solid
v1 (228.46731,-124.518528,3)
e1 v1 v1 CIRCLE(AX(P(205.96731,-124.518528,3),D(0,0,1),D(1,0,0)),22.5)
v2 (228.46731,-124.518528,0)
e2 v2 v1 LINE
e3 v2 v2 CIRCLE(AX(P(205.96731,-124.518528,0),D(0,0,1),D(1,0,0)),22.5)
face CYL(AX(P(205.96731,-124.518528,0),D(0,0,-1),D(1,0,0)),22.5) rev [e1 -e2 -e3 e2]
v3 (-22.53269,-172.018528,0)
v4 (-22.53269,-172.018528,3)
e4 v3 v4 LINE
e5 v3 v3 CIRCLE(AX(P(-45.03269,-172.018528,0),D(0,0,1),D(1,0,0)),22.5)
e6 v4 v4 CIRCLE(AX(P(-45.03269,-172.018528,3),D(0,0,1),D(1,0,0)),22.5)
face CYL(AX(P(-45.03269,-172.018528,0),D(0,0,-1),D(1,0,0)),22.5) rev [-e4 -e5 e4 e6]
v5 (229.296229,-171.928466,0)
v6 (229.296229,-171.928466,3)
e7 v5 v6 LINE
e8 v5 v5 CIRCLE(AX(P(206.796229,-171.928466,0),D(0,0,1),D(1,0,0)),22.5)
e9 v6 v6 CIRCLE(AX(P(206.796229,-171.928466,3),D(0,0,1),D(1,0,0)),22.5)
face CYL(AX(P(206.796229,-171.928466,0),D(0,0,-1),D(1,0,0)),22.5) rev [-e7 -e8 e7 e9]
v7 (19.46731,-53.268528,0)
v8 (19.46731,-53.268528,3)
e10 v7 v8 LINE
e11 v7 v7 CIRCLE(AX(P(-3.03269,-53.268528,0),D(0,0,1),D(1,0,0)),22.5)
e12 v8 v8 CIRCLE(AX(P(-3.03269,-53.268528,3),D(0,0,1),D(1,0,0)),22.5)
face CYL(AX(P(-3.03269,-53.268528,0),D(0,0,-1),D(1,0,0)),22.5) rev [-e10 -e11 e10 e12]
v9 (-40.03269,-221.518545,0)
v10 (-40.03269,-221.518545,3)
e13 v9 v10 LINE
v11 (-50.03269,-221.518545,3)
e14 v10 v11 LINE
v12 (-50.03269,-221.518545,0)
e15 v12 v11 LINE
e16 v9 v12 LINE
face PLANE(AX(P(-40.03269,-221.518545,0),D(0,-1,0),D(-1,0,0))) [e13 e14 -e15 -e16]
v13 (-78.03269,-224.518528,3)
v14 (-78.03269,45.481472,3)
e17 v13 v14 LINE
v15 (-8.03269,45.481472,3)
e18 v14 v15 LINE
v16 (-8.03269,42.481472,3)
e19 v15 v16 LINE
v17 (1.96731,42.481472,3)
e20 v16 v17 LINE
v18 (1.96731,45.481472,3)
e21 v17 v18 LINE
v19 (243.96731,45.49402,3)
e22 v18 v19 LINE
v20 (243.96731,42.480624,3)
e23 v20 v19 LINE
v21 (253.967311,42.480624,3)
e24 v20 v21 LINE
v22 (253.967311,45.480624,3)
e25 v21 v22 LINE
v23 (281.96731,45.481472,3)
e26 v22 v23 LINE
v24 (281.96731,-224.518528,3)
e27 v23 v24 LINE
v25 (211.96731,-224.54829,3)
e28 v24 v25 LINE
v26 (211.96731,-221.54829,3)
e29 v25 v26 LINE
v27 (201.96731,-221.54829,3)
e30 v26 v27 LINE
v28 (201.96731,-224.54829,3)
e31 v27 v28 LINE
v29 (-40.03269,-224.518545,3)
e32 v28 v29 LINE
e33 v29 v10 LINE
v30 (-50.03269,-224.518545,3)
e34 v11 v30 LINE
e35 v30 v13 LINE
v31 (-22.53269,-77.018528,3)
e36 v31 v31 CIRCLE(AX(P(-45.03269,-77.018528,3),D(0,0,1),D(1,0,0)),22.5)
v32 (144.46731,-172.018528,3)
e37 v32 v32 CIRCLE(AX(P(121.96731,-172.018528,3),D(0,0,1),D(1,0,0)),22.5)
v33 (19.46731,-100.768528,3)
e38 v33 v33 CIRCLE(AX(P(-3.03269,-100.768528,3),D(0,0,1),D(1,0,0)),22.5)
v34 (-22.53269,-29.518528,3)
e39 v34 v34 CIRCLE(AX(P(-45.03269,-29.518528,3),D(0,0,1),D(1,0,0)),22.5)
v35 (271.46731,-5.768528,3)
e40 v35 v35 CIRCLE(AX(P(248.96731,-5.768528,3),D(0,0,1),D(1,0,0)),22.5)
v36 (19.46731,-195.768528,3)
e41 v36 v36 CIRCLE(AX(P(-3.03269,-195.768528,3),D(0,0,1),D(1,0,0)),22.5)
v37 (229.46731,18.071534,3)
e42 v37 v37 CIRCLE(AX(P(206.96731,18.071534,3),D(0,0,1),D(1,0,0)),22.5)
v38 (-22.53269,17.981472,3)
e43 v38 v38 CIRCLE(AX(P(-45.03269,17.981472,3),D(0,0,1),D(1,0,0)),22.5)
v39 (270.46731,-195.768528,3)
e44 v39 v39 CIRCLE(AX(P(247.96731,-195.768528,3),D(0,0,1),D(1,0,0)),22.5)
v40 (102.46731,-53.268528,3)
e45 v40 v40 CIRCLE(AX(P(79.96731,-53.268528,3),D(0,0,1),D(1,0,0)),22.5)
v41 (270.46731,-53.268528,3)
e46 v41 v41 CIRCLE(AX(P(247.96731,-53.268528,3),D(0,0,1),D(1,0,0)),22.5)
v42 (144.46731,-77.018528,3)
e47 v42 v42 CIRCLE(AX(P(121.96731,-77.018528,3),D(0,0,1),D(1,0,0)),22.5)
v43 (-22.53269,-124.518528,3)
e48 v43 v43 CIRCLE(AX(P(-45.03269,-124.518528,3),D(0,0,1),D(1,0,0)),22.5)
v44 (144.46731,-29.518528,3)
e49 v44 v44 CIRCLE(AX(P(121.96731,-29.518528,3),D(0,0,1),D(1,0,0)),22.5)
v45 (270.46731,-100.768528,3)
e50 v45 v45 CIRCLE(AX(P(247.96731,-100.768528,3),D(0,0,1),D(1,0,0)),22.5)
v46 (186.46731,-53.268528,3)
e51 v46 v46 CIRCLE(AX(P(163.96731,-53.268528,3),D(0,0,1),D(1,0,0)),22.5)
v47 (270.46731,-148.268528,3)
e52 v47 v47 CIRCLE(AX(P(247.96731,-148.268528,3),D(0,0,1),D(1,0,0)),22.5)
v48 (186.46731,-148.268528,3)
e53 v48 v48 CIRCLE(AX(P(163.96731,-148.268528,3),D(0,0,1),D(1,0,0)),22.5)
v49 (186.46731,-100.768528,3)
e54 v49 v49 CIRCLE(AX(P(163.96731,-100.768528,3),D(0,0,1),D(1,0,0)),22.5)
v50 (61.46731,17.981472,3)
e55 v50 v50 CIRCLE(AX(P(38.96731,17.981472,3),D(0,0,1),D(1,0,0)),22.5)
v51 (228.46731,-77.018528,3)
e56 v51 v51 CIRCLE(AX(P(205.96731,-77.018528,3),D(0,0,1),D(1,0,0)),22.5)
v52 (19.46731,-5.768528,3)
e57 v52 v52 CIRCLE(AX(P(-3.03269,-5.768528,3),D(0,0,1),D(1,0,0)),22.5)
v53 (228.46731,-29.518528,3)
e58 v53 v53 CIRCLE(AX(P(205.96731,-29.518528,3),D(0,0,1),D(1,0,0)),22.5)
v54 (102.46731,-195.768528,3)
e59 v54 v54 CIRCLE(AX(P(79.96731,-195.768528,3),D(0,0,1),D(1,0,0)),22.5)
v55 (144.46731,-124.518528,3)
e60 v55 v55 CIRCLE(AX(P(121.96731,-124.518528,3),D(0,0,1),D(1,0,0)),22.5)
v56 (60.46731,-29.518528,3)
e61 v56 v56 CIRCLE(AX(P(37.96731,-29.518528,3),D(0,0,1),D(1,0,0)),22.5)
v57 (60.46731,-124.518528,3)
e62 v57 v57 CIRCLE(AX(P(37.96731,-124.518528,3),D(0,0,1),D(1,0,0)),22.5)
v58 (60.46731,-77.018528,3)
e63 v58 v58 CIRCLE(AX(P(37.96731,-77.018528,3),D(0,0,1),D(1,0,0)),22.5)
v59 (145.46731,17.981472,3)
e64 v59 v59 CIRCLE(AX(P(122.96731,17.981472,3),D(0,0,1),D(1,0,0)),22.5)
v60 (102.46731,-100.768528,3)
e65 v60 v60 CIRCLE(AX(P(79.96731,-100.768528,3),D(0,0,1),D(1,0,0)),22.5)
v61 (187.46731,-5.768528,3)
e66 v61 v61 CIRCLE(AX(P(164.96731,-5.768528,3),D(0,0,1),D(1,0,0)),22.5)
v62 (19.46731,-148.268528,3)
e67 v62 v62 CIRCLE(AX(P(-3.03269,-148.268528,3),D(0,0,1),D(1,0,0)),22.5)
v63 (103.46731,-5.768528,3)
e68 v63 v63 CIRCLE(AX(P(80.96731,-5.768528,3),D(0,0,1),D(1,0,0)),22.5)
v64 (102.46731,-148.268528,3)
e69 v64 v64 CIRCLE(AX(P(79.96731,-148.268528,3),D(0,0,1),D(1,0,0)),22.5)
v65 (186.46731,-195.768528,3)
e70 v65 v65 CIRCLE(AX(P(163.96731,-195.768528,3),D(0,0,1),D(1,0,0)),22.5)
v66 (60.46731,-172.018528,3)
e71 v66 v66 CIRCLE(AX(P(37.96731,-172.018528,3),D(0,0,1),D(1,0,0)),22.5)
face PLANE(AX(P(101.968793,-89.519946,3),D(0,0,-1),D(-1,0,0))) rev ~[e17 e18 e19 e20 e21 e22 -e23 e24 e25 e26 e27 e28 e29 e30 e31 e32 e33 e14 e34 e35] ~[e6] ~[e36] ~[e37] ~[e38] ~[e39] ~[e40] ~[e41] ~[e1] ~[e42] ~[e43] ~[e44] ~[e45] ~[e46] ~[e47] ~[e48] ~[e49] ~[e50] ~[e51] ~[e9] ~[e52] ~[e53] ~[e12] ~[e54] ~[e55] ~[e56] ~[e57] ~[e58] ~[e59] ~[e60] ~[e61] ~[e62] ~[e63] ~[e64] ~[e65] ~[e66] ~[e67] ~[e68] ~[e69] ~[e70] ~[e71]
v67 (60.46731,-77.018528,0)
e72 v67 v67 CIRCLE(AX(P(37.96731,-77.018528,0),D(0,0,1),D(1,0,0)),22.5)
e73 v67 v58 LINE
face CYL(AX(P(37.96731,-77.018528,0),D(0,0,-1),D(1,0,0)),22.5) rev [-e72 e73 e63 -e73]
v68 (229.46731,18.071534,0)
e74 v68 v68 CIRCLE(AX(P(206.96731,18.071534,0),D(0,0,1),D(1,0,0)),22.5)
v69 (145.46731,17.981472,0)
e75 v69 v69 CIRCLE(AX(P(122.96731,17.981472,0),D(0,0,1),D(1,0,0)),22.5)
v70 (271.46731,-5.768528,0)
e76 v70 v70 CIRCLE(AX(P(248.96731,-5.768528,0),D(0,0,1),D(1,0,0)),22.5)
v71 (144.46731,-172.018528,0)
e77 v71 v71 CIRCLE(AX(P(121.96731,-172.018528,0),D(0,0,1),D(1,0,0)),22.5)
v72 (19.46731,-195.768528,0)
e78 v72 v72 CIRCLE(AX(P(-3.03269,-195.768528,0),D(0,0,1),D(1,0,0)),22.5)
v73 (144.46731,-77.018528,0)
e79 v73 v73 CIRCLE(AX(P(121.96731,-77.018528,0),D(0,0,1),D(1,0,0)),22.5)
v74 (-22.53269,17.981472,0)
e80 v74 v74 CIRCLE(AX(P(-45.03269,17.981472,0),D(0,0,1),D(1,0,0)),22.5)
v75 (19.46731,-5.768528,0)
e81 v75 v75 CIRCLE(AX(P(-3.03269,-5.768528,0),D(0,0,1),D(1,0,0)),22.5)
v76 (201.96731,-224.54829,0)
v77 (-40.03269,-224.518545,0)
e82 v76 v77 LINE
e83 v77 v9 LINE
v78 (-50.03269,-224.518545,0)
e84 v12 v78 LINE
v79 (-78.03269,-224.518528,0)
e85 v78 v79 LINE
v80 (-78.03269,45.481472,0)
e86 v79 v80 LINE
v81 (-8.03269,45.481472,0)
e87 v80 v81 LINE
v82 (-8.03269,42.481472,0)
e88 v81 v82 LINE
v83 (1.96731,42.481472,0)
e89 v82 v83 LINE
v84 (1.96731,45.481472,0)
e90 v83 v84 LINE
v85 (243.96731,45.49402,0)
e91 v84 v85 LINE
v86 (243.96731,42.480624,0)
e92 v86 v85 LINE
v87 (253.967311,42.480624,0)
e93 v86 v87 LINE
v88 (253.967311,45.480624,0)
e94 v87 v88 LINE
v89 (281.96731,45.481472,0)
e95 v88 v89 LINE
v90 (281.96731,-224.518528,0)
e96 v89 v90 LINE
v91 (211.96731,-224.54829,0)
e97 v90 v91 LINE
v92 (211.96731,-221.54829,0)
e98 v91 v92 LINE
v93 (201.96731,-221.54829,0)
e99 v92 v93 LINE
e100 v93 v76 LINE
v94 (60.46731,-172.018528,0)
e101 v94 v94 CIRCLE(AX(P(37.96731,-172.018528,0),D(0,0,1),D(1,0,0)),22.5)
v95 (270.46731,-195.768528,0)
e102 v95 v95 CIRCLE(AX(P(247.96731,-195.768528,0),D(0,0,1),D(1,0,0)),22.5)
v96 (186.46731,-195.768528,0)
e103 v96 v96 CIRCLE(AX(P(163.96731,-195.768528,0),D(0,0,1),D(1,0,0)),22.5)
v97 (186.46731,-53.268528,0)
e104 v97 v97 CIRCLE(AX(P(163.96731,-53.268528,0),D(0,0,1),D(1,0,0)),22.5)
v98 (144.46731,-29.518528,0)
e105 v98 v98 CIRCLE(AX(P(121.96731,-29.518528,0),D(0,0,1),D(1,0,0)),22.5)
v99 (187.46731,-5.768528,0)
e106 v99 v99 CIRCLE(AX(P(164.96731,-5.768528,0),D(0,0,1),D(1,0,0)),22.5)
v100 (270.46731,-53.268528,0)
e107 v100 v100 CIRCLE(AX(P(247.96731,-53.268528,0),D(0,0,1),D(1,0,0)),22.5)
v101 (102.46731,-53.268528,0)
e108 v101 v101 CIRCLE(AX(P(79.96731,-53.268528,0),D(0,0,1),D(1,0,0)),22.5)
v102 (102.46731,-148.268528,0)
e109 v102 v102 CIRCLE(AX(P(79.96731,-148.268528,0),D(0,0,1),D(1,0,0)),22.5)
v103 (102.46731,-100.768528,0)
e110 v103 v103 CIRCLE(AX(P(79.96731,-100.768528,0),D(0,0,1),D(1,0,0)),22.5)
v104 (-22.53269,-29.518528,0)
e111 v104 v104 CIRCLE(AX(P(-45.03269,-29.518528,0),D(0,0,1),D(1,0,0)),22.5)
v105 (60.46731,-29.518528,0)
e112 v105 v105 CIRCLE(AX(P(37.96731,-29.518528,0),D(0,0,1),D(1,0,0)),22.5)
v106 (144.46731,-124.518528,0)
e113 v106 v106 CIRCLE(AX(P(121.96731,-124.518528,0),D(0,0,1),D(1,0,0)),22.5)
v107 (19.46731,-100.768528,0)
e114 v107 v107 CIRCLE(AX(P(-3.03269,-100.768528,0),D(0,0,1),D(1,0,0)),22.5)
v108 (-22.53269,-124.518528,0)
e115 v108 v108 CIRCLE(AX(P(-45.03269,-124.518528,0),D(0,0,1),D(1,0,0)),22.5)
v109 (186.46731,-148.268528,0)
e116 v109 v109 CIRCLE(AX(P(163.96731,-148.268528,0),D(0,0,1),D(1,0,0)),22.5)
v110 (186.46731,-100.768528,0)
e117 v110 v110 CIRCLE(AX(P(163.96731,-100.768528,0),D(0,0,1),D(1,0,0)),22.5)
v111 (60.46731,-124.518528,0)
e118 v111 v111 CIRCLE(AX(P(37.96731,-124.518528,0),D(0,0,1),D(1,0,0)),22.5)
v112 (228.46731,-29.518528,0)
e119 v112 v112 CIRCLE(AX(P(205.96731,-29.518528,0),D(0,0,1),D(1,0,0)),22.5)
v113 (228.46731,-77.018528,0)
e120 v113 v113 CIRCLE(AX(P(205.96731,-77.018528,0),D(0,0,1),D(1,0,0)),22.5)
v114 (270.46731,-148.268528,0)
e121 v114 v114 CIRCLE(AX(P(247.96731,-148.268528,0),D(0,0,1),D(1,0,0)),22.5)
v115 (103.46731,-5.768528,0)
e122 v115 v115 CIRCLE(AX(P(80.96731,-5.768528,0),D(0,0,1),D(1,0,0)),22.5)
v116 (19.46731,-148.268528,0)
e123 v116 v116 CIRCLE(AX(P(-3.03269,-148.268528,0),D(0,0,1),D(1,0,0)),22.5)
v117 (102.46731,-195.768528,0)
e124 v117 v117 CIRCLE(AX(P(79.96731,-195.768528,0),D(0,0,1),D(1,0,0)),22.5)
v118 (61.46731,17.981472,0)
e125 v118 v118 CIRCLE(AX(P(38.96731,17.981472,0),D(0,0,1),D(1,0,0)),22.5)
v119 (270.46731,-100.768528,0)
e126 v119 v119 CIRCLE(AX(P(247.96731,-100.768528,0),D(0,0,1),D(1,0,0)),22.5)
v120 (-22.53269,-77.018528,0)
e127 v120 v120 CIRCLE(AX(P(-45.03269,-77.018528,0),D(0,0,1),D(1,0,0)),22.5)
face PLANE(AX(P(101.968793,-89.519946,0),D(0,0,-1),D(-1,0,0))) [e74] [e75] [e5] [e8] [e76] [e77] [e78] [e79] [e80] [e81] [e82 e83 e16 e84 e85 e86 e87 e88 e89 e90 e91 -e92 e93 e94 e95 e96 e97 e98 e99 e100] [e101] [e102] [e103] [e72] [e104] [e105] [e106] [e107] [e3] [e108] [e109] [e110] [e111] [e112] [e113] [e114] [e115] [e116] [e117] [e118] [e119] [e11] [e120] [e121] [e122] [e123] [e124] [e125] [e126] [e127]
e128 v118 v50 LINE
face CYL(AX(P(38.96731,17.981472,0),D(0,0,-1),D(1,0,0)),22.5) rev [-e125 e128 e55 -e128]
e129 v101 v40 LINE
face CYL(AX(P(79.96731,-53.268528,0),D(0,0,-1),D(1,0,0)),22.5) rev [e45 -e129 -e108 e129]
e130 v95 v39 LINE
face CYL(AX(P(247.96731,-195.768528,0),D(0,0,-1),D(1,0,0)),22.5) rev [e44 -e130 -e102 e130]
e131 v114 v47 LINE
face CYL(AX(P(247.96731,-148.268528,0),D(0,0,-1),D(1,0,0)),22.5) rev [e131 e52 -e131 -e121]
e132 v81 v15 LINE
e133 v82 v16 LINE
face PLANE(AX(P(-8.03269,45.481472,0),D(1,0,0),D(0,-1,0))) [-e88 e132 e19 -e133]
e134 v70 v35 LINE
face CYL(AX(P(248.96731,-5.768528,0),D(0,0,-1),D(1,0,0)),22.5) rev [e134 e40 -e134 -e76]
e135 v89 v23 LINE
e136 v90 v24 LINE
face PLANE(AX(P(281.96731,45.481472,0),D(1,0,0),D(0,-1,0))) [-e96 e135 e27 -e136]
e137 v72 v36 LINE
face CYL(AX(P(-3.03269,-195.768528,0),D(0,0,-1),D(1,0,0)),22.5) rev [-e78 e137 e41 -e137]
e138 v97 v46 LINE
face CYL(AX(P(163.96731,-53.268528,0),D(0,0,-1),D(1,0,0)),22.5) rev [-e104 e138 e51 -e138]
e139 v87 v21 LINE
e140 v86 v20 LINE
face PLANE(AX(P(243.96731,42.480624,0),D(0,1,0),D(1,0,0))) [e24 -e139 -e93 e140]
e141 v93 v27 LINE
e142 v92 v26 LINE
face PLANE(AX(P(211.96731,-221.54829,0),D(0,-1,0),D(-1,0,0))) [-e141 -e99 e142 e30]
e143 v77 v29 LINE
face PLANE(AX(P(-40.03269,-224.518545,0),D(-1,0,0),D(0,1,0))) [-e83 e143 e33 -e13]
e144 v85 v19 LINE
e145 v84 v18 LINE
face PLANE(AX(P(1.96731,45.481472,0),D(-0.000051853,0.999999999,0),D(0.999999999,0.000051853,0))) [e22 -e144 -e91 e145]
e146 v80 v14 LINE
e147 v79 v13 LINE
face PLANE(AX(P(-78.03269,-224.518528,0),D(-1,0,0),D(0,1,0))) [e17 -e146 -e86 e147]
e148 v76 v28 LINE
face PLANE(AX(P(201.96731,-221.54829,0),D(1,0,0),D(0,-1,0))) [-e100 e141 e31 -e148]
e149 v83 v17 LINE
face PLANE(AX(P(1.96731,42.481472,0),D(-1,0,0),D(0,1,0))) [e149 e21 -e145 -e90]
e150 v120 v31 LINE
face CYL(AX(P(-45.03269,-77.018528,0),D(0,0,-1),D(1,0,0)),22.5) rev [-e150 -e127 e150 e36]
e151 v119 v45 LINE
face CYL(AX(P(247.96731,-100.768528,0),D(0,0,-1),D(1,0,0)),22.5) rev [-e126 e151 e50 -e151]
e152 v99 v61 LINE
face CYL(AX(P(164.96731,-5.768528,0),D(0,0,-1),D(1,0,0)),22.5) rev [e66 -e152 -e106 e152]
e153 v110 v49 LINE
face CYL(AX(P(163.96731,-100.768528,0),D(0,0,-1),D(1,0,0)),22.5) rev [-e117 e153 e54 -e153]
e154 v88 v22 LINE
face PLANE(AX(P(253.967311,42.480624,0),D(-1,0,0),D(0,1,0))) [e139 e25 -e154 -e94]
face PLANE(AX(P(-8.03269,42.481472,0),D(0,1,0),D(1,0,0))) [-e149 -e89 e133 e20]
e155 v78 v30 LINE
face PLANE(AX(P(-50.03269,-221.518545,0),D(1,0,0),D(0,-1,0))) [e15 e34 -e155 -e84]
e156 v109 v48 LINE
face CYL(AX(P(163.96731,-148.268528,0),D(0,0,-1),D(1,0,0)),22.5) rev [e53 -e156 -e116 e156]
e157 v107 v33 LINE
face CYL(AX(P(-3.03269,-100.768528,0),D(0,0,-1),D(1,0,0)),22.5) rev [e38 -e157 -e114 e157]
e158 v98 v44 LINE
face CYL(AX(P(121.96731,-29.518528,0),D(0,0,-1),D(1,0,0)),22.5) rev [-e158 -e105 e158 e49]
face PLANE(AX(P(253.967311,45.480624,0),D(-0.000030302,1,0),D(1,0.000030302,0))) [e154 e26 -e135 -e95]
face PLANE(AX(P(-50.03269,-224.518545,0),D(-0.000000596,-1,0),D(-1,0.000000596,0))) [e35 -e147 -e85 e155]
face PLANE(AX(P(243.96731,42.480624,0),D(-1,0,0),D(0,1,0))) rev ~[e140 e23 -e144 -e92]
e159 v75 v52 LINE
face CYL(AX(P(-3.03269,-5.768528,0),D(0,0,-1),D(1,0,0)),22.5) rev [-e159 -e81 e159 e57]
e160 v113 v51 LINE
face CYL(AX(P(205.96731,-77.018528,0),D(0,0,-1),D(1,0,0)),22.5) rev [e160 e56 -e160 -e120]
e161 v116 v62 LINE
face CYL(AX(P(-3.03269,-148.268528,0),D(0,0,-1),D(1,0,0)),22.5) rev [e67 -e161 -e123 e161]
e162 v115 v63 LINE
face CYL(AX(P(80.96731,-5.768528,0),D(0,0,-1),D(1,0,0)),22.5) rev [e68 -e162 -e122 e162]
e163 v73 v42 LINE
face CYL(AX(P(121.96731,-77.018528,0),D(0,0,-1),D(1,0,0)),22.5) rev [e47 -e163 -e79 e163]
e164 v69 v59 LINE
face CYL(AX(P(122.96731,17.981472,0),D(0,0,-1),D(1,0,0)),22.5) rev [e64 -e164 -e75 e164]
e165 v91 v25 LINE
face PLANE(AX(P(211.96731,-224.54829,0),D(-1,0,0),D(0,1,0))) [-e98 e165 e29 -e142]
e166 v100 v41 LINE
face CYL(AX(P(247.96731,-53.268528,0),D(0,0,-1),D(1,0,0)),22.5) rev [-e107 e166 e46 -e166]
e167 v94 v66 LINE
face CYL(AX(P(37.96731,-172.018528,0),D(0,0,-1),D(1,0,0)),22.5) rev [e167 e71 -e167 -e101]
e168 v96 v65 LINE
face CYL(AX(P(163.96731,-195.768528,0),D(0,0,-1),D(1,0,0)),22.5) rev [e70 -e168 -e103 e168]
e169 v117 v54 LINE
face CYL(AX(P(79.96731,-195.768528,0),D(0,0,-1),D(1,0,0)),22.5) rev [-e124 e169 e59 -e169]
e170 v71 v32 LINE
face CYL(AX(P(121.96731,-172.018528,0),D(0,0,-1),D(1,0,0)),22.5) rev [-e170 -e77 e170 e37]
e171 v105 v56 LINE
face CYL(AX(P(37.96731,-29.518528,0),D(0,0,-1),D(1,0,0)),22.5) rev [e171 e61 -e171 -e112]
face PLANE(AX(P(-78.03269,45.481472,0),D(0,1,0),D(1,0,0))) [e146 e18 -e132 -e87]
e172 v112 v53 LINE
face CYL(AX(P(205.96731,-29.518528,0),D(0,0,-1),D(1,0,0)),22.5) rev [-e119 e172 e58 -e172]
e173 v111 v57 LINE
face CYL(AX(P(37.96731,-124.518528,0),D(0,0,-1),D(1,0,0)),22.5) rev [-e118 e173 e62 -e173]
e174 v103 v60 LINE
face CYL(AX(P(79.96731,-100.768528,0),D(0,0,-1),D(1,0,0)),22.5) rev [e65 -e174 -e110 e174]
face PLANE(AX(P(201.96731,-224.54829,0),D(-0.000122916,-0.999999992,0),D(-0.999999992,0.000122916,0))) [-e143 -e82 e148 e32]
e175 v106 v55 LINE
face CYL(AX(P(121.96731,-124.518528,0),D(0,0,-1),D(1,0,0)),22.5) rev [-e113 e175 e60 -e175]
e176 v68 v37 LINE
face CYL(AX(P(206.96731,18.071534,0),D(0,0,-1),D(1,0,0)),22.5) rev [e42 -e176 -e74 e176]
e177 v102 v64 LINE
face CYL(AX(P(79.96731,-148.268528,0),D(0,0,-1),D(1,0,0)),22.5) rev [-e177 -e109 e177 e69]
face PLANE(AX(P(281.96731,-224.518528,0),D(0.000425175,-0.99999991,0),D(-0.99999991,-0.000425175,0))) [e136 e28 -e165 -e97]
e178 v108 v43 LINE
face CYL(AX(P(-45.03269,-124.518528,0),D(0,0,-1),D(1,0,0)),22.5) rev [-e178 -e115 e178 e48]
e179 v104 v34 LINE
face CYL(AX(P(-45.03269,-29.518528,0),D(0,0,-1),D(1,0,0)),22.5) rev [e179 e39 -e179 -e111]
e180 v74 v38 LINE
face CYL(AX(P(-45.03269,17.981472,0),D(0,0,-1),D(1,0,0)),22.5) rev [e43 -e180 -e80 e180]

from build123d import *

# Parameters (mm, degrees)
CROQUIS2_R              = 22.5
SALIENTE_EXTRUIR1_DEPTH = 3


with BuildPart() as part:
    # Croquis2 → Saliente-Extruir1 (new body)
    with BuildSketch(Plane.XY):
        Polygon((-78.032689509, 45.481472081), (-8.032689509, 45.481472081), (-8.032689509, 42.481472081), (1.967310491, 42.481472081), (1.967310491, 45.481472081), (243.967310464, 45.494020393), (243.967310464, 45.480623618), (243.967310464, 42.480623618), (253.967310518, 42.480623618), (253.967310518, 45.480623618), (281.967310491, 45.481472081), (281.967310491, -224.518527919), (211.967310491, -224.548290187), (211.967310491, -221.548290187), (201.967310491, -221.548290187), (201.967310491, -224.548290187), (-40.032689509, -224.518544608), (-40.032689509, -221.518544608), (-50.032689509, -221.518544608), (-50.032689509, -224.518544608), (-78.032689509, -224.518527919), align=None)
        with Locations((-45.032689509, 17.981472081)):
            Circle(CROQUIS2_R, mode=Mode.SUBTRACT)
        with Locations((-45.032689509, -29.518527919)):
            Circle(CROQUIS2_R, mode=Mode.SUBTRACT)
        with Locations((-45.032689509, -77.018527919)):
            Circle(CROQUIS2_R, mode=Mode.SUBTRACT)
        with Locations((-45.032689509, -124.518527919)):
            Circle(CROQUIS2_R, mode=Mode.SUBTRACT)
        with Locations((-45.032689509, -172.018527919)):
            Circle(CROQUIS2_R, mode=Mode.SUBTRACT)
        with Locations((-3.032689509, -5.768527919)):
            Circle(CROQUIS2_R, mode=Mode.SUBTRACT)
        with Locations((38.967310491, 17.981472081)):
            Circle(CROQUIS2_R, mode=Mode.SUBTRACT)
        with Locations((80.967310491, -5.768527919)):
            Circle(CROQUIS2_R, mode=Mode.SUBTRACT)
        with Locations((122.967310491, 17.981472081)):
            Circle(CROQUIS2_R, mode=Mode.SUBTRACT)
        with Locations((164.967310491, -5.768527919)):
            Circle(CROQUIS2_R, mode=Mode.SUBTRACT)
        with Locations((-3.032689509, -53.268527919)):
            Circle(CROQUIS2_R, mode=Mode.SUBTRACT)
        with Locations((-3.032689509, -100.768527919)):
            Circle(CROQUIS2_R, mode=Mode.SUBTRACT)
        with Locations((-3.032689509, -148.268527919)):
            Circle(CROQUIS2_R, mode=Mode.SUBTRACT)
        with Locations((-3.032689509, -195.768527919)):
            Circle(CROQUIS2_R, mode=Mode.SUBTRACT)
        with Locations((37.967310491, -29.518527919)):
            Circle(CROQUIS2_R, mode=Mode.SUBTRACT)
        with Locations((37.967310491, -77.018527919)):
            Circle(CROQUIS2_R, mode=Mode.SUBTRACT)
        with Locations((37.967310491, -124.518527919)):
            Circle(CROQUIS2_R, mode=Mode.SUBTRACT)
        with Locations((37.967310491, -172.018527919)):
            Circle(CROQUIS2_R, mode=Mode.SUBTRACT)
        with Locations((79.967310491, -53.268527919)):
            Circle(CROQUIS2_R, mode=Mode.SUBTRACT)
        with Locations((79.967310491, -100.768527919)):
            Circle(CROQUIS2_R, mode=Mode.SUBTRACT)
        with Locations((79.967310491, -148.268527919)):
            Circle(CROQUIS2_R, mode=Mode.SUBTRACT)
        with Locations((79.967310491, -195.768527919)):
            Circle(CROQUIS2_R, mode=Mode.SUBTRACT)
        with Locations((121.967310491, -29.518527919)):
            Circle(CROQUIS2_R, mode=Mode.SUBTRACT)
        with Locations((163.967310491, -53.268527919)):
            Circle(CROQUIS2_R, mode=Mode.SUBTRACT)
        with Locations((121.967310491, -77.018527919)):
            Circle(CROQUIS2_R, mode=Mode.SUBTRACT)
        with Locations((163.967310491, -100.768527919)):
            Circle(CROQUIS2_R, mode=Mode.SUBTRACT)
        with Locations((121.967310491, -124.518527919)):
            Circle(CROQUIS2_R, mode=Mode.SUBTRACT)
        with Locations((121.967310491, -172.018527919)):
            Circle(CROQUIS2_R, mode=Mode.SUBTRACT)
        with Locations((163.967310491, -148.268527919)):
            Circle(CROQUIS2_R, mode=Mode.SUBTRACT)
        with Locations((163.967310491, -195.768527919)):
            Circle(CROQUIS2_R, mode=Mode.SUBTRACT)
        with Locations((206.967310491, 18.071533546)):
            Circle(CROQUIS2_R, mode=Mode.SUBTRACT)
        with Locations((205.967310491, -29.518527919)):
            Circle(CROQUIS2_R, mode=Mode.SUBTRACT)
        with Locations((205.967310491, -77.018527919)):
            Circle(CROQUIS2_R, mode=Mode.SUBTRACT)
        with Locations((205.967310491, -124.518527919)):
            Circle(CROQUIS2_R, mode=Mode.SUBTRACT)
        with Locations((206.796228515, -171.928466454)):
            Circle(CROQUIS2_R, mode=Mode.SUBTRACT)
        with Locations((248.967310491, -5.768527919)):
            Circle(CROQUIS2_R, mode=Mode.SUBTRACT)
        with Locations((247.967310491, -53.268527919)):
            Circle(CROQUIS2_R, mode=Mode.SUBTRACT)
        with Locations((247.967310491, -100.768527919)):
            Circle(CROQUIS2_R, mode=Mode.SUBTRACT)
        with Locations((247.967310491, -148.268527919)):
            Circle(CROQUIS2_R, mode=Mode.SUBTRACT)
        with Locations((247.967310491, -195.768527919)):
            Circle(CROQUIS2_R, mode=Mode.SUBTRACT)
    extrude(amount=SALIENTE_EXTRUIR1_DEPTH)


solid = part.part
